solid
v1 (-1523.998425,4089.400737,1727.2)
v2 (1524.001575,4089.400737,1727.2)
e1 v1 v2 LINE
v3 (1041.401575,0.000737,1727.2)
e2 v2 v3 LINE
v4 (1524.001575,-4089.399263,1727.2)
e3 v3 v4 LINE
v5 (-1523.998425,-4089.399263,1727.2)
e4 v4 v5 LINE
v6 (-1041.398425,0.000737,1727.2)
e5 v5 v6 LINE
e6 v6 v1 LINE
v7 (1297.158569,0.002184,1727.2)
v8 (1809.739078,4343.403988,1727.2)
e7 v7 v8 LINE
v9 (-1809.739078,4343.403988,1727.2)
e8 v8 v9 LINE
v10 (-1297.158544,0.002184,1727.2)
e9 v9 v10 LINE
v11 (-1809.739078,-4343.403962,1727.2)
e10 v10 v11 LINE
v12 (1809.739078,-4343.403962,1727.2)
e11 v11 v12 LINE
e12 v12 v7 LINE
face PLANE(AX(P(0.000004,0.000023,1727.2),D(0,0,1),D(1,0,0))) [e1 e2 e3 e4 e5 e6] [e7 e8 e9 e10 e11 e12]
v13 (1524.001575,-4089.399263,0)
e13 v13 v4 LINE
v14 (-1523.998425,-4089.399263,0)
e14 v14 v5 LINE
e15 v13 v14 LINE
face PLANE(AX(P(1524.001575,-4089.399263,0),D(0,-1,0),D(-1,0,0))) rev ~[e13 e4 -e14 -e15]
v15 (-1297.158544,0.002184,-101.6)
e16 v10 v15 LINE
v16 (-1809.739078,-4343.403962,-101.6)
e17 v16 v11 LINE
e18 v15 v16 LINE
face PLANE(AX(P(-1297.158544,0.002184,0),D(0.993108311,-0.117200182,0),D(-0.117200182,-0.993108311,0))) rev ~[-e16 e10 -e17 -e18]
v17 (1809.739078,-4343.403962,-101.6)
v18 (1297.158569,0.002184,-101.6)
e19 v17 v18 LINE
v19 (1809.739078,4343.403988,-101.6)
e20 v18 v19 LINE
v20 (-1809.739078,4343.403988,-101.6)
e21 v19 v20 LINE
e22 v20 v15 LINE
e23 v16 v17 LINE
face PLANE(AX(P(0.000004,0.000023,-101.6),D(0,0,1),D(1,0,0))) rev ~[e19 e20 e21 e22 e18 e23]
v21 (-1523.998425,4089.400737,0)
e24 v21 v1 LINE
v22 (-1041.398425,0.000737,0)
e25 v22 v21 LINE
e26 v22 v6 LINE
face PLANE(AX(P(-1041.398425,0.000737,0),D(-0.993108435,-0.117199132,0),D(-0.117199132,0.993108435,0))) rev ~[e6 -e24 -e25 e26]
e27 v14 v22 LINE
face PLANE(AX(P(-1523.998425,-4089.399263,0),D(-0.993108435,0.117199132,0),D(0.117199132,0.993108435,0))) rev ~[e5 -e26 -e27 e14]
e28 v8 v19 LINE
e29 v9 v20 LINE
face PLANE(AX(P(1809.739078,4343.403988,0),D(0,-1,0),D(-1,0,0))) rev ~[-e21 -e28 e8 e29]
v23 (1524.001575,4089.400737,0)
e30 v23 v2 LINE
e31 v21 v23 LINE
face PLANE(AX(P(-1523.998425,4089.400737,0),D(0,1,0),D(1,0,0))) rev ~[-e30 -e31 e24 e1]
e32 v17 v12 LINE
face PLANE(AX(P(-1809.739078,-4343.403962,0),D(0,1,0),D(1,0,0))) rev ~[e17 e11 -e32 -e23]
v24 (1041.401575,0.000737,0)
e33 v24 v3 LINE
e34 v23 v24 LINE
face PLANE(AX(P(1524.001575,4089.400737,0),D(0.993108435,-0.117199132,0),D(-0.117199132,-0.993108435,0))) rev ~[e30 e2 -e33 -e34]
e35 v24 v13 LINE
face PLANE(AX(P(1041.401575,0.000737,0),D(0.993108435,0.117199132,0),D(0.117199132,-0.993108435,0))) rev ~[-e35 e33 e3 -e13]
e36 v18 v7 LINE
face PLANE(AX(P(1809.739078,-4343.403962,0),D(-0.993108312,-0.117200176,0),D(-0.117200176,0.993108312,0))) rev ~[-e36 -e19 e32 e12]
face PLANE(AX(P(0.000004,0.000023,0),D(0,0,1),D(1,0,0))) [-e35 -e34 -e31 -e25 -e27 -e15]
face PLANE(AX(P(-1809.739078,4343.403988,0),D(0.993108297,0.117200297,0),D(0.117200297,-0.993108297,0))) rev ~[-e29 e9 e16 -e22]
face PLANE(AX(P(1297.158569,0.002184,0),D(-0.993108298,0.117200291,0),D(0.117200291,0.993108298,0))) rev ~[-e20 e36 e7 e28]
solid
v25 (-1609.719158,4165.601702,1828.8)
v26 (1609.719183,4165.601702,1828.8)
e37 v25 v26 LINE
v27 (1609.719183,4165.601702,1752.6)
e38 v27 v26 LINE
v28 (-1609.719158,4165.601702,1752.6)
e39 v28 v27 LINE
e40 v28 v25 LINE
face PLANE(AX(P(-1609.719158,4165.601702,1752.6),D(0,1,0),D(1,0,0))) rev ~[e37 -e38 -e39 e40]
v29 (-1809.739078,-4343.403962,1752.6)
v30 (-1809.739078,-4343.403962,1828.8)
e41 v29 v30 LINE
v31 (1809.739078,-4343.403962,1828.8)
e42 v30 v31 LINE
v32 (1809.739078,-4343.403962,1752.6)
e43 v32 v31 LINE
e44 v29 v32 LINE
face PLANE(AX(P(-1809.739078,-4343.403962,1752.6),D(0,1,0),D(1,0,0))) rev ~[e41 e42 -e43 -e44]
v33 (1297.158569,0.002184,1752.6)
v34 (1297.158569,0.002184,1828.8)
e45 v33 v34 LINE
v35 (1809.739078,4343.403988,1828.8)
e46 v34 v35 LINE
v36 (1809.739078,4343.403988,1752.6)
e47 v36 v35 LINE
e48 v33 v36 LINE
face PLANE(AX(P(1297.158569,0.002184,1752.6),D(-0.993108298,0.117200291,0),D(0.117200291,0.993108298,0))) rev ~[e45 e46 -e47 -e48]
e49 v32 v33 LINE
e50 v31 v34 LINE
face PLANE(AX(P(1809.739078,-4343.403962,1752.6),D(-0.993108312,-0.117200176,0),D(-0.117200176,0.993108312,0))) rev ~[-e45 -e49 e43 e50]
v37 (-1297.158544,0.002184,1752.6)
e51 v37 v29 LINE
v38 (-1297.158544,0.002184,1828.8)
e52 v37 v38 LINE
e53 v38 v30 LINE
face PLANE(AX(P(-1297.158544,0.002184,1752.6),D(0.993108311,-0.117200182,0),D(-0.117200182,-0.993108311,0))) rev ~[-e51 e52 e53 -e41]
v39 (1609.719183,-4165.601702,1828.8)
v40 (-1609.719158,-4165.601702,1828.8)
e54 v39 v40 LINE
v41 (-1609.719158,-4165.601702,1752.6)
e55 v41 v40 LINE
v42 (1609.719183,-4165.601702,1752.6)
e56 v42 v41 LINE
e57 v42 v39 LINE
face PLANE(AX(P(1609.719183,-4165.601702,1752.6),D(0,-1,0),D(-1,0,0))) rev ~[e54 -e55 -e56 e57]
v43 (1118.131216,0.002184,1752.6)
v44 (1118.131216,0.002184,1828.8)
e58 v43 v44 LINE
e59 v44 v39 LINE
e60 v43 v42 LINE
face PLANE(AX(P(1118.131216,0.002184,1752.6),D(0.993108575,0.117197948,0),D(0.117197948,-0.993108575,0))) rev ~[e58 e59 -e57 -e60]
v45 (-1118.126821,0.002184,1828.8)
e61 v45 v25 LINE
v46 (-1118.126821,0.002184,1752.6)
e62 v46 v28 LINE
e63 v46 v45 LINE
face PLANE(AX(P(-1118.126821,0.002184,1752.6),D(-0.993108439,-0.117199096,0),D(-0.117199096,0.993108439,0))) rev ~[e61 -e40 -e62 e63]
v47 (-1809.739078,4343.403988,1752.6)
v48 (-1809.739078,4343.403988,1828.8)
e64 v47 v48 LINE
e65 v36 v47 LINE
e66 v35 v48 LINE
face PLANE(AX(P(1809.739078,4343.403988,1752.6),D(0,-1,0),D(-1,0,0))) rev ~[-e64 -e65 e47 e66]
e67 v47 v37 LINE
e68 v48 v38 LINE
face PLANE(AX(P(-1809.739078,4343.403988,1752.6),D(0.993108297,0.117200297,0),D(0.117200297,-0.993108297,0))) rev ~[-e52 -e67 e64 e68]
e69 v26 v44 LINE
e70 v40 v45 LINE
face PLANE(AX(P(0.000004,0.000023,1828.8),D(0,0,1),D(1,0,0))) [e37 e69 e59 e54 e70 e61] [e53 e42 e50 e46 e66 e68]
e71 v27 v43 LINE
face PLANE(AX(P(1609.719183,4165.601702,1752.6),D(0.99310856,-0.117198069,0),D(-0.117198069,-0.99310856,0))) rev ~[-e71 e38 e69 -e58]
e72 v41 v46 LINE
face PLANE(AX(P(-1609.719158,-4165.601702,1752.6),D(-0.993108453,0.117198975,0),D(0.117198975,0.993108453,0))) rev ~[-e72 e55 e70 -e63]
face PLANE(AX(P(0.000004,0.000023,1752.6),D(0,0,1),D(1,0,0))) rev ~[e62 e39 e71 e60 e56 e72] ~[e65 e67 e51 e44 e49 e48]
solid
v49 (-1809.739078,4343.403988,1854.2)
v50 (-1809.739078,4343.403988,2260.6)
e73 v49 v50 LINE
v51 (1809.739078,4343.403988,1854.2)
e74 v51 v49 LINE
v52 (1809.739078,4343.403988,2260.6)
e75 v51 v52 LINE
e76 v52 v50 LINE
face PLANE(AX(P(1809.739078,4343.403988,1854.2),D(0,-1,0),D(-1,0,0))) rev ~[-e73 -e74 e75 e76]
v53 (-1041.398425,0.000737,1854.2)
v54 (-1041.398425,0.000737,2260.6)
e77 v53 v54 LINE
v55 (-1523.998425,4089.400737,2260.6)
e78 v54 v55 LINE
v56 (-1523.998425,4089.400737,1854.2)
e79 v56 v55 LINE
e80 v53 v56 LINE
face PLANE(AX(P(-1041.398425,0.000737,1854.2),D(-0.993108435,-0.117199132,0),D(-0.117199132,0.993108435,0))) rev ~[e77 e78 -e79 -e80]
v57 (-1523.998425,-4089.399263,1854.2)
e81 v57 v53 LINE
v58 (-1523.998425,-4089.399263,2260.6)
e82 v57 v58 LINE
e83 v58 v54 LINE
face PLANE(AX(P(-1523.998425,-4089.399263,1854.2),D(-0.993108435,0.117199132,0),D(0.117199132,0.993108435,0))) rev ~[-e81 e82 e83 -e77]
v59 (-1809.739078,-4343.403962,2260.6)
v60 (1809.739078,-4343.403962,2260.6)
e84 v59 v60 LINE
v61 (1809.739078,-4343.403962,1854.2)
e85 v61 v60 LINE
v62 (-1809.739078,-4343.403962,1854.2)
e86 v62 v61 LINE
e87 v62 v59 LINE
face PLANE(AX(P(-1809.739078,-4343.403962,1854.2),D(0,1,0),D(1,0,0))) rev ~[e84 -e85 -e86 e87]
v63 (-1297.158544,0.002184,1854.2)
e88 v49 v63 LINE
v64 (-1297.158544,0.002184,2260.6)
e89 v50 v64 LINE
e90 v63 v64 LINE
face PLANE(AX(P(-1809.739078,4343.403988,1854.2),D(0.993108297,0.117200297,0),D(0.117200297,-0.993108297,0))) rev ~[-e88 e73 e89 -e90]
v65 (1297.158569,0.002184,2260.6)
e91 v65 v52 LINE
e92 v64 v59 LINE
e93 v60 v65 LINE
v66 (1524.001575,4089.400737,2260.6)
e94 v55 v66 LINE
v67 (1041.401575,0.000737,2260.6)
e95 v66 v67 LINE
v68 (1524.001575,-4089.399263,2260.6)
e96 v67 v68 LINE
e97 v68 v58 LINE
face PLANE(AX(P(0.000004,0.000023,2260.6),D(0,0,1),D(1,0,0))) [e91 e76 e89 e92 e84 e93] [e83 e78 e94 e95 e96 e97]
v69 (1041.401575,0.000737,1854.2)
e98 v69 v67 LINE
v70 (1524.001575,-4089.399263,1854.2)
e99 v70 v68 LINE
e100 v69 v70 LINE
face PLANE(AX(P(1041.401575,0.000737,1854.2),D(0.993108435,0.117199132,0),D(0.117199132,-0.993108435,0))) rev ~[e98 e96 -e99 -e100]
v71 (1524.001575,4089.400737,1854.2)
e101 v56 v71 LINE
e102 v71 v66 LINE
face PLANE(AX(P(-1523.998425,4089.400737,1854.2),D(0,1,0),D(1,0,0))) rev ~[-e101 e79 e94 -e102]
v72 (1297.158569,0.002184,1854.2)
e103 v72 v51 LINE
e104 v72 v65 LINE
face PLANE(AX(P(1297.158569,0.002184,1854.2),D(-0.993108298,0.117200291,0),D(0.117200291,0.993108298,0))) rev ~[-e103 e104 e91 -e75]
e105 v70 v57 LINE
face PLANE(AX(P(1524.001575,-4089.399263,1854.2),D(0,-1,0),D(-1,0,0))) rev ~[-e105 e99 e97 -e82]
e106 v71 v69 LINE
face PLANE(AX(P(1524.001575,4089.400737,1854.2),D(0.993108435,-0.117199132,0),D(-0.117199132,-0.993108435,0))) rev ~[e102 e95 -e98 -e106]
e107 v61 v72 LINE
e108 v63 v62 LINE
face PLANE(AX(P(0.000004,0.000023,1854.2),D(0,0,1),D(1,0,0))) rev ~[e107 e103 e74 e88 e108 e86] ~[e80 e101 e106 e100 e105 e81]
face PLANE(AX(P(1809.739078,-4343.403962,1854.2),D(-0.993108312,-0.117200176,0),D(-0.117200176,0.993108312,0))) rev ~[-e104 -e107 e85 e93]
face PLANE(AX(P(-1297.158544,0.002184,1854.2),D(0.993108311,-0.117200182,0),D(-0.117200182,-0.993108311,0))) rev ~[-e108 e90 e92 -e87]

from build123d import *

# Parameters (mm, degrees)
F1_DEPTH = 101.6
F2_DEPTH = 1727.2
F5_DEPTH = 76.2
F8_DEPTH = 406.4


with BuildPart() as f1:
    # F0 (on Top) → F1 (new body)
    with BuildSketch(Plane.XY):
        Polygon((-1297.1585436, 0.0021844), (-1809.739078, -4343.4039624), (1809.739078, -4343.4039624), (1297.158569, 0.0021844), (1809.739078, 4343.4039878), (-1809.739078, 4343.4039878), align=None)
        Polygon((-1041.3984252, 0.0007366), (-1523.9984252, 4089.4007366), (1524.0015748, 4089.4007366), (1041.4015748, 0.0007366), (1524.0015748, -4089.3992634), (-1523.9984252, -4089.3992634), align=None, mode=Mode.SUBTRACT)
        Polygon((1524.0015748, 4089.4007366), (-1523.9984252, 4089.4007366), (-1041.3984252, 0.0007366), (-1523.9984252, -4089.3992634), (1524.0015748, -4089.3992634), (1041.4015748, 0.0007366), align=None)
    extrude(amount=-F1_DEPTH)

    # F0 (on Top) → F2 (join)
    with BuildSketch(Plane.XY):
        Polygon((-1297.1585436, 0.0021844), (-1809.739078, -4343.4039624), (1809.739078, -4343.4039624), (1297.158569, 0.0021844), (1809.739078, 4343.4039878), (-1809.739078, 4343.4039878), align=None)
        Polygon((-1041.3984252, 0.0007366), (-1523.9984252, 4089.4007366), (1524.0015748, 4089.4007366), (1041.4015748, 0.0007366), (1524.0015748, -4089.3992634), (-1523.9984252, -4089.3992634), align=None, mode=Mode.SUBTRACT)
    extrude(amount=F2_DEPTH)


with BuildPart() as f5:
    # F4 (on offset) → F5 (new body)
    with BuildSketch(Plane.XY.offset(1752.6)):
        Polygon((-1297.1585436, 0.0021844), (-1809.739078, -4343.4039624), (1809.739078, -4343.4039624), (1297.158569, 0.0021844), (1809.739078, 4343.4039878), (-1809.739078, 4343.4039878), align=None)
        Polygon((1609.7191834, -4165.6017018), (-1609.719158, -4165.6017018), (-1118.1268214, 0.0021844), (-1609.719158, 4165.6017018), (1609.7191834, 4165.6017018), (1118.1312156, 0.0021844), align=None, mode=Mode.SUBTRACT)
    extrude(amount=F5_DEPTH)


with BuildPart() as f8:
    # F7 (on offset) → F8 (new body)
    with BuildSketch(Plane.XY.offset(1854.2)):
        Polygon((-1297.1585436, 0.0021844), (-1809.739078, -4343.4039624), (1809.739078, -4343.4039624), (1297.158569, 0.0021844), (1809.739078, 4343.4039878), (-1809.739078, 4343.4039878), align=None)
        Polygon((-1041.3984252, 0.0007366), (-1523.9984252, 4089.4007366), (1524.0015748, 4089.4007366), (1041.4015748, 0.0007366), (1524.0015748, -4089.3992634), (-1523.9984252, -4089.3992634), align=None, mode=Mode.SUBTRACT)
    extrude(amount=F8_DEPTH)


solid = Compound([f1.part, f5.part, f8.part])
